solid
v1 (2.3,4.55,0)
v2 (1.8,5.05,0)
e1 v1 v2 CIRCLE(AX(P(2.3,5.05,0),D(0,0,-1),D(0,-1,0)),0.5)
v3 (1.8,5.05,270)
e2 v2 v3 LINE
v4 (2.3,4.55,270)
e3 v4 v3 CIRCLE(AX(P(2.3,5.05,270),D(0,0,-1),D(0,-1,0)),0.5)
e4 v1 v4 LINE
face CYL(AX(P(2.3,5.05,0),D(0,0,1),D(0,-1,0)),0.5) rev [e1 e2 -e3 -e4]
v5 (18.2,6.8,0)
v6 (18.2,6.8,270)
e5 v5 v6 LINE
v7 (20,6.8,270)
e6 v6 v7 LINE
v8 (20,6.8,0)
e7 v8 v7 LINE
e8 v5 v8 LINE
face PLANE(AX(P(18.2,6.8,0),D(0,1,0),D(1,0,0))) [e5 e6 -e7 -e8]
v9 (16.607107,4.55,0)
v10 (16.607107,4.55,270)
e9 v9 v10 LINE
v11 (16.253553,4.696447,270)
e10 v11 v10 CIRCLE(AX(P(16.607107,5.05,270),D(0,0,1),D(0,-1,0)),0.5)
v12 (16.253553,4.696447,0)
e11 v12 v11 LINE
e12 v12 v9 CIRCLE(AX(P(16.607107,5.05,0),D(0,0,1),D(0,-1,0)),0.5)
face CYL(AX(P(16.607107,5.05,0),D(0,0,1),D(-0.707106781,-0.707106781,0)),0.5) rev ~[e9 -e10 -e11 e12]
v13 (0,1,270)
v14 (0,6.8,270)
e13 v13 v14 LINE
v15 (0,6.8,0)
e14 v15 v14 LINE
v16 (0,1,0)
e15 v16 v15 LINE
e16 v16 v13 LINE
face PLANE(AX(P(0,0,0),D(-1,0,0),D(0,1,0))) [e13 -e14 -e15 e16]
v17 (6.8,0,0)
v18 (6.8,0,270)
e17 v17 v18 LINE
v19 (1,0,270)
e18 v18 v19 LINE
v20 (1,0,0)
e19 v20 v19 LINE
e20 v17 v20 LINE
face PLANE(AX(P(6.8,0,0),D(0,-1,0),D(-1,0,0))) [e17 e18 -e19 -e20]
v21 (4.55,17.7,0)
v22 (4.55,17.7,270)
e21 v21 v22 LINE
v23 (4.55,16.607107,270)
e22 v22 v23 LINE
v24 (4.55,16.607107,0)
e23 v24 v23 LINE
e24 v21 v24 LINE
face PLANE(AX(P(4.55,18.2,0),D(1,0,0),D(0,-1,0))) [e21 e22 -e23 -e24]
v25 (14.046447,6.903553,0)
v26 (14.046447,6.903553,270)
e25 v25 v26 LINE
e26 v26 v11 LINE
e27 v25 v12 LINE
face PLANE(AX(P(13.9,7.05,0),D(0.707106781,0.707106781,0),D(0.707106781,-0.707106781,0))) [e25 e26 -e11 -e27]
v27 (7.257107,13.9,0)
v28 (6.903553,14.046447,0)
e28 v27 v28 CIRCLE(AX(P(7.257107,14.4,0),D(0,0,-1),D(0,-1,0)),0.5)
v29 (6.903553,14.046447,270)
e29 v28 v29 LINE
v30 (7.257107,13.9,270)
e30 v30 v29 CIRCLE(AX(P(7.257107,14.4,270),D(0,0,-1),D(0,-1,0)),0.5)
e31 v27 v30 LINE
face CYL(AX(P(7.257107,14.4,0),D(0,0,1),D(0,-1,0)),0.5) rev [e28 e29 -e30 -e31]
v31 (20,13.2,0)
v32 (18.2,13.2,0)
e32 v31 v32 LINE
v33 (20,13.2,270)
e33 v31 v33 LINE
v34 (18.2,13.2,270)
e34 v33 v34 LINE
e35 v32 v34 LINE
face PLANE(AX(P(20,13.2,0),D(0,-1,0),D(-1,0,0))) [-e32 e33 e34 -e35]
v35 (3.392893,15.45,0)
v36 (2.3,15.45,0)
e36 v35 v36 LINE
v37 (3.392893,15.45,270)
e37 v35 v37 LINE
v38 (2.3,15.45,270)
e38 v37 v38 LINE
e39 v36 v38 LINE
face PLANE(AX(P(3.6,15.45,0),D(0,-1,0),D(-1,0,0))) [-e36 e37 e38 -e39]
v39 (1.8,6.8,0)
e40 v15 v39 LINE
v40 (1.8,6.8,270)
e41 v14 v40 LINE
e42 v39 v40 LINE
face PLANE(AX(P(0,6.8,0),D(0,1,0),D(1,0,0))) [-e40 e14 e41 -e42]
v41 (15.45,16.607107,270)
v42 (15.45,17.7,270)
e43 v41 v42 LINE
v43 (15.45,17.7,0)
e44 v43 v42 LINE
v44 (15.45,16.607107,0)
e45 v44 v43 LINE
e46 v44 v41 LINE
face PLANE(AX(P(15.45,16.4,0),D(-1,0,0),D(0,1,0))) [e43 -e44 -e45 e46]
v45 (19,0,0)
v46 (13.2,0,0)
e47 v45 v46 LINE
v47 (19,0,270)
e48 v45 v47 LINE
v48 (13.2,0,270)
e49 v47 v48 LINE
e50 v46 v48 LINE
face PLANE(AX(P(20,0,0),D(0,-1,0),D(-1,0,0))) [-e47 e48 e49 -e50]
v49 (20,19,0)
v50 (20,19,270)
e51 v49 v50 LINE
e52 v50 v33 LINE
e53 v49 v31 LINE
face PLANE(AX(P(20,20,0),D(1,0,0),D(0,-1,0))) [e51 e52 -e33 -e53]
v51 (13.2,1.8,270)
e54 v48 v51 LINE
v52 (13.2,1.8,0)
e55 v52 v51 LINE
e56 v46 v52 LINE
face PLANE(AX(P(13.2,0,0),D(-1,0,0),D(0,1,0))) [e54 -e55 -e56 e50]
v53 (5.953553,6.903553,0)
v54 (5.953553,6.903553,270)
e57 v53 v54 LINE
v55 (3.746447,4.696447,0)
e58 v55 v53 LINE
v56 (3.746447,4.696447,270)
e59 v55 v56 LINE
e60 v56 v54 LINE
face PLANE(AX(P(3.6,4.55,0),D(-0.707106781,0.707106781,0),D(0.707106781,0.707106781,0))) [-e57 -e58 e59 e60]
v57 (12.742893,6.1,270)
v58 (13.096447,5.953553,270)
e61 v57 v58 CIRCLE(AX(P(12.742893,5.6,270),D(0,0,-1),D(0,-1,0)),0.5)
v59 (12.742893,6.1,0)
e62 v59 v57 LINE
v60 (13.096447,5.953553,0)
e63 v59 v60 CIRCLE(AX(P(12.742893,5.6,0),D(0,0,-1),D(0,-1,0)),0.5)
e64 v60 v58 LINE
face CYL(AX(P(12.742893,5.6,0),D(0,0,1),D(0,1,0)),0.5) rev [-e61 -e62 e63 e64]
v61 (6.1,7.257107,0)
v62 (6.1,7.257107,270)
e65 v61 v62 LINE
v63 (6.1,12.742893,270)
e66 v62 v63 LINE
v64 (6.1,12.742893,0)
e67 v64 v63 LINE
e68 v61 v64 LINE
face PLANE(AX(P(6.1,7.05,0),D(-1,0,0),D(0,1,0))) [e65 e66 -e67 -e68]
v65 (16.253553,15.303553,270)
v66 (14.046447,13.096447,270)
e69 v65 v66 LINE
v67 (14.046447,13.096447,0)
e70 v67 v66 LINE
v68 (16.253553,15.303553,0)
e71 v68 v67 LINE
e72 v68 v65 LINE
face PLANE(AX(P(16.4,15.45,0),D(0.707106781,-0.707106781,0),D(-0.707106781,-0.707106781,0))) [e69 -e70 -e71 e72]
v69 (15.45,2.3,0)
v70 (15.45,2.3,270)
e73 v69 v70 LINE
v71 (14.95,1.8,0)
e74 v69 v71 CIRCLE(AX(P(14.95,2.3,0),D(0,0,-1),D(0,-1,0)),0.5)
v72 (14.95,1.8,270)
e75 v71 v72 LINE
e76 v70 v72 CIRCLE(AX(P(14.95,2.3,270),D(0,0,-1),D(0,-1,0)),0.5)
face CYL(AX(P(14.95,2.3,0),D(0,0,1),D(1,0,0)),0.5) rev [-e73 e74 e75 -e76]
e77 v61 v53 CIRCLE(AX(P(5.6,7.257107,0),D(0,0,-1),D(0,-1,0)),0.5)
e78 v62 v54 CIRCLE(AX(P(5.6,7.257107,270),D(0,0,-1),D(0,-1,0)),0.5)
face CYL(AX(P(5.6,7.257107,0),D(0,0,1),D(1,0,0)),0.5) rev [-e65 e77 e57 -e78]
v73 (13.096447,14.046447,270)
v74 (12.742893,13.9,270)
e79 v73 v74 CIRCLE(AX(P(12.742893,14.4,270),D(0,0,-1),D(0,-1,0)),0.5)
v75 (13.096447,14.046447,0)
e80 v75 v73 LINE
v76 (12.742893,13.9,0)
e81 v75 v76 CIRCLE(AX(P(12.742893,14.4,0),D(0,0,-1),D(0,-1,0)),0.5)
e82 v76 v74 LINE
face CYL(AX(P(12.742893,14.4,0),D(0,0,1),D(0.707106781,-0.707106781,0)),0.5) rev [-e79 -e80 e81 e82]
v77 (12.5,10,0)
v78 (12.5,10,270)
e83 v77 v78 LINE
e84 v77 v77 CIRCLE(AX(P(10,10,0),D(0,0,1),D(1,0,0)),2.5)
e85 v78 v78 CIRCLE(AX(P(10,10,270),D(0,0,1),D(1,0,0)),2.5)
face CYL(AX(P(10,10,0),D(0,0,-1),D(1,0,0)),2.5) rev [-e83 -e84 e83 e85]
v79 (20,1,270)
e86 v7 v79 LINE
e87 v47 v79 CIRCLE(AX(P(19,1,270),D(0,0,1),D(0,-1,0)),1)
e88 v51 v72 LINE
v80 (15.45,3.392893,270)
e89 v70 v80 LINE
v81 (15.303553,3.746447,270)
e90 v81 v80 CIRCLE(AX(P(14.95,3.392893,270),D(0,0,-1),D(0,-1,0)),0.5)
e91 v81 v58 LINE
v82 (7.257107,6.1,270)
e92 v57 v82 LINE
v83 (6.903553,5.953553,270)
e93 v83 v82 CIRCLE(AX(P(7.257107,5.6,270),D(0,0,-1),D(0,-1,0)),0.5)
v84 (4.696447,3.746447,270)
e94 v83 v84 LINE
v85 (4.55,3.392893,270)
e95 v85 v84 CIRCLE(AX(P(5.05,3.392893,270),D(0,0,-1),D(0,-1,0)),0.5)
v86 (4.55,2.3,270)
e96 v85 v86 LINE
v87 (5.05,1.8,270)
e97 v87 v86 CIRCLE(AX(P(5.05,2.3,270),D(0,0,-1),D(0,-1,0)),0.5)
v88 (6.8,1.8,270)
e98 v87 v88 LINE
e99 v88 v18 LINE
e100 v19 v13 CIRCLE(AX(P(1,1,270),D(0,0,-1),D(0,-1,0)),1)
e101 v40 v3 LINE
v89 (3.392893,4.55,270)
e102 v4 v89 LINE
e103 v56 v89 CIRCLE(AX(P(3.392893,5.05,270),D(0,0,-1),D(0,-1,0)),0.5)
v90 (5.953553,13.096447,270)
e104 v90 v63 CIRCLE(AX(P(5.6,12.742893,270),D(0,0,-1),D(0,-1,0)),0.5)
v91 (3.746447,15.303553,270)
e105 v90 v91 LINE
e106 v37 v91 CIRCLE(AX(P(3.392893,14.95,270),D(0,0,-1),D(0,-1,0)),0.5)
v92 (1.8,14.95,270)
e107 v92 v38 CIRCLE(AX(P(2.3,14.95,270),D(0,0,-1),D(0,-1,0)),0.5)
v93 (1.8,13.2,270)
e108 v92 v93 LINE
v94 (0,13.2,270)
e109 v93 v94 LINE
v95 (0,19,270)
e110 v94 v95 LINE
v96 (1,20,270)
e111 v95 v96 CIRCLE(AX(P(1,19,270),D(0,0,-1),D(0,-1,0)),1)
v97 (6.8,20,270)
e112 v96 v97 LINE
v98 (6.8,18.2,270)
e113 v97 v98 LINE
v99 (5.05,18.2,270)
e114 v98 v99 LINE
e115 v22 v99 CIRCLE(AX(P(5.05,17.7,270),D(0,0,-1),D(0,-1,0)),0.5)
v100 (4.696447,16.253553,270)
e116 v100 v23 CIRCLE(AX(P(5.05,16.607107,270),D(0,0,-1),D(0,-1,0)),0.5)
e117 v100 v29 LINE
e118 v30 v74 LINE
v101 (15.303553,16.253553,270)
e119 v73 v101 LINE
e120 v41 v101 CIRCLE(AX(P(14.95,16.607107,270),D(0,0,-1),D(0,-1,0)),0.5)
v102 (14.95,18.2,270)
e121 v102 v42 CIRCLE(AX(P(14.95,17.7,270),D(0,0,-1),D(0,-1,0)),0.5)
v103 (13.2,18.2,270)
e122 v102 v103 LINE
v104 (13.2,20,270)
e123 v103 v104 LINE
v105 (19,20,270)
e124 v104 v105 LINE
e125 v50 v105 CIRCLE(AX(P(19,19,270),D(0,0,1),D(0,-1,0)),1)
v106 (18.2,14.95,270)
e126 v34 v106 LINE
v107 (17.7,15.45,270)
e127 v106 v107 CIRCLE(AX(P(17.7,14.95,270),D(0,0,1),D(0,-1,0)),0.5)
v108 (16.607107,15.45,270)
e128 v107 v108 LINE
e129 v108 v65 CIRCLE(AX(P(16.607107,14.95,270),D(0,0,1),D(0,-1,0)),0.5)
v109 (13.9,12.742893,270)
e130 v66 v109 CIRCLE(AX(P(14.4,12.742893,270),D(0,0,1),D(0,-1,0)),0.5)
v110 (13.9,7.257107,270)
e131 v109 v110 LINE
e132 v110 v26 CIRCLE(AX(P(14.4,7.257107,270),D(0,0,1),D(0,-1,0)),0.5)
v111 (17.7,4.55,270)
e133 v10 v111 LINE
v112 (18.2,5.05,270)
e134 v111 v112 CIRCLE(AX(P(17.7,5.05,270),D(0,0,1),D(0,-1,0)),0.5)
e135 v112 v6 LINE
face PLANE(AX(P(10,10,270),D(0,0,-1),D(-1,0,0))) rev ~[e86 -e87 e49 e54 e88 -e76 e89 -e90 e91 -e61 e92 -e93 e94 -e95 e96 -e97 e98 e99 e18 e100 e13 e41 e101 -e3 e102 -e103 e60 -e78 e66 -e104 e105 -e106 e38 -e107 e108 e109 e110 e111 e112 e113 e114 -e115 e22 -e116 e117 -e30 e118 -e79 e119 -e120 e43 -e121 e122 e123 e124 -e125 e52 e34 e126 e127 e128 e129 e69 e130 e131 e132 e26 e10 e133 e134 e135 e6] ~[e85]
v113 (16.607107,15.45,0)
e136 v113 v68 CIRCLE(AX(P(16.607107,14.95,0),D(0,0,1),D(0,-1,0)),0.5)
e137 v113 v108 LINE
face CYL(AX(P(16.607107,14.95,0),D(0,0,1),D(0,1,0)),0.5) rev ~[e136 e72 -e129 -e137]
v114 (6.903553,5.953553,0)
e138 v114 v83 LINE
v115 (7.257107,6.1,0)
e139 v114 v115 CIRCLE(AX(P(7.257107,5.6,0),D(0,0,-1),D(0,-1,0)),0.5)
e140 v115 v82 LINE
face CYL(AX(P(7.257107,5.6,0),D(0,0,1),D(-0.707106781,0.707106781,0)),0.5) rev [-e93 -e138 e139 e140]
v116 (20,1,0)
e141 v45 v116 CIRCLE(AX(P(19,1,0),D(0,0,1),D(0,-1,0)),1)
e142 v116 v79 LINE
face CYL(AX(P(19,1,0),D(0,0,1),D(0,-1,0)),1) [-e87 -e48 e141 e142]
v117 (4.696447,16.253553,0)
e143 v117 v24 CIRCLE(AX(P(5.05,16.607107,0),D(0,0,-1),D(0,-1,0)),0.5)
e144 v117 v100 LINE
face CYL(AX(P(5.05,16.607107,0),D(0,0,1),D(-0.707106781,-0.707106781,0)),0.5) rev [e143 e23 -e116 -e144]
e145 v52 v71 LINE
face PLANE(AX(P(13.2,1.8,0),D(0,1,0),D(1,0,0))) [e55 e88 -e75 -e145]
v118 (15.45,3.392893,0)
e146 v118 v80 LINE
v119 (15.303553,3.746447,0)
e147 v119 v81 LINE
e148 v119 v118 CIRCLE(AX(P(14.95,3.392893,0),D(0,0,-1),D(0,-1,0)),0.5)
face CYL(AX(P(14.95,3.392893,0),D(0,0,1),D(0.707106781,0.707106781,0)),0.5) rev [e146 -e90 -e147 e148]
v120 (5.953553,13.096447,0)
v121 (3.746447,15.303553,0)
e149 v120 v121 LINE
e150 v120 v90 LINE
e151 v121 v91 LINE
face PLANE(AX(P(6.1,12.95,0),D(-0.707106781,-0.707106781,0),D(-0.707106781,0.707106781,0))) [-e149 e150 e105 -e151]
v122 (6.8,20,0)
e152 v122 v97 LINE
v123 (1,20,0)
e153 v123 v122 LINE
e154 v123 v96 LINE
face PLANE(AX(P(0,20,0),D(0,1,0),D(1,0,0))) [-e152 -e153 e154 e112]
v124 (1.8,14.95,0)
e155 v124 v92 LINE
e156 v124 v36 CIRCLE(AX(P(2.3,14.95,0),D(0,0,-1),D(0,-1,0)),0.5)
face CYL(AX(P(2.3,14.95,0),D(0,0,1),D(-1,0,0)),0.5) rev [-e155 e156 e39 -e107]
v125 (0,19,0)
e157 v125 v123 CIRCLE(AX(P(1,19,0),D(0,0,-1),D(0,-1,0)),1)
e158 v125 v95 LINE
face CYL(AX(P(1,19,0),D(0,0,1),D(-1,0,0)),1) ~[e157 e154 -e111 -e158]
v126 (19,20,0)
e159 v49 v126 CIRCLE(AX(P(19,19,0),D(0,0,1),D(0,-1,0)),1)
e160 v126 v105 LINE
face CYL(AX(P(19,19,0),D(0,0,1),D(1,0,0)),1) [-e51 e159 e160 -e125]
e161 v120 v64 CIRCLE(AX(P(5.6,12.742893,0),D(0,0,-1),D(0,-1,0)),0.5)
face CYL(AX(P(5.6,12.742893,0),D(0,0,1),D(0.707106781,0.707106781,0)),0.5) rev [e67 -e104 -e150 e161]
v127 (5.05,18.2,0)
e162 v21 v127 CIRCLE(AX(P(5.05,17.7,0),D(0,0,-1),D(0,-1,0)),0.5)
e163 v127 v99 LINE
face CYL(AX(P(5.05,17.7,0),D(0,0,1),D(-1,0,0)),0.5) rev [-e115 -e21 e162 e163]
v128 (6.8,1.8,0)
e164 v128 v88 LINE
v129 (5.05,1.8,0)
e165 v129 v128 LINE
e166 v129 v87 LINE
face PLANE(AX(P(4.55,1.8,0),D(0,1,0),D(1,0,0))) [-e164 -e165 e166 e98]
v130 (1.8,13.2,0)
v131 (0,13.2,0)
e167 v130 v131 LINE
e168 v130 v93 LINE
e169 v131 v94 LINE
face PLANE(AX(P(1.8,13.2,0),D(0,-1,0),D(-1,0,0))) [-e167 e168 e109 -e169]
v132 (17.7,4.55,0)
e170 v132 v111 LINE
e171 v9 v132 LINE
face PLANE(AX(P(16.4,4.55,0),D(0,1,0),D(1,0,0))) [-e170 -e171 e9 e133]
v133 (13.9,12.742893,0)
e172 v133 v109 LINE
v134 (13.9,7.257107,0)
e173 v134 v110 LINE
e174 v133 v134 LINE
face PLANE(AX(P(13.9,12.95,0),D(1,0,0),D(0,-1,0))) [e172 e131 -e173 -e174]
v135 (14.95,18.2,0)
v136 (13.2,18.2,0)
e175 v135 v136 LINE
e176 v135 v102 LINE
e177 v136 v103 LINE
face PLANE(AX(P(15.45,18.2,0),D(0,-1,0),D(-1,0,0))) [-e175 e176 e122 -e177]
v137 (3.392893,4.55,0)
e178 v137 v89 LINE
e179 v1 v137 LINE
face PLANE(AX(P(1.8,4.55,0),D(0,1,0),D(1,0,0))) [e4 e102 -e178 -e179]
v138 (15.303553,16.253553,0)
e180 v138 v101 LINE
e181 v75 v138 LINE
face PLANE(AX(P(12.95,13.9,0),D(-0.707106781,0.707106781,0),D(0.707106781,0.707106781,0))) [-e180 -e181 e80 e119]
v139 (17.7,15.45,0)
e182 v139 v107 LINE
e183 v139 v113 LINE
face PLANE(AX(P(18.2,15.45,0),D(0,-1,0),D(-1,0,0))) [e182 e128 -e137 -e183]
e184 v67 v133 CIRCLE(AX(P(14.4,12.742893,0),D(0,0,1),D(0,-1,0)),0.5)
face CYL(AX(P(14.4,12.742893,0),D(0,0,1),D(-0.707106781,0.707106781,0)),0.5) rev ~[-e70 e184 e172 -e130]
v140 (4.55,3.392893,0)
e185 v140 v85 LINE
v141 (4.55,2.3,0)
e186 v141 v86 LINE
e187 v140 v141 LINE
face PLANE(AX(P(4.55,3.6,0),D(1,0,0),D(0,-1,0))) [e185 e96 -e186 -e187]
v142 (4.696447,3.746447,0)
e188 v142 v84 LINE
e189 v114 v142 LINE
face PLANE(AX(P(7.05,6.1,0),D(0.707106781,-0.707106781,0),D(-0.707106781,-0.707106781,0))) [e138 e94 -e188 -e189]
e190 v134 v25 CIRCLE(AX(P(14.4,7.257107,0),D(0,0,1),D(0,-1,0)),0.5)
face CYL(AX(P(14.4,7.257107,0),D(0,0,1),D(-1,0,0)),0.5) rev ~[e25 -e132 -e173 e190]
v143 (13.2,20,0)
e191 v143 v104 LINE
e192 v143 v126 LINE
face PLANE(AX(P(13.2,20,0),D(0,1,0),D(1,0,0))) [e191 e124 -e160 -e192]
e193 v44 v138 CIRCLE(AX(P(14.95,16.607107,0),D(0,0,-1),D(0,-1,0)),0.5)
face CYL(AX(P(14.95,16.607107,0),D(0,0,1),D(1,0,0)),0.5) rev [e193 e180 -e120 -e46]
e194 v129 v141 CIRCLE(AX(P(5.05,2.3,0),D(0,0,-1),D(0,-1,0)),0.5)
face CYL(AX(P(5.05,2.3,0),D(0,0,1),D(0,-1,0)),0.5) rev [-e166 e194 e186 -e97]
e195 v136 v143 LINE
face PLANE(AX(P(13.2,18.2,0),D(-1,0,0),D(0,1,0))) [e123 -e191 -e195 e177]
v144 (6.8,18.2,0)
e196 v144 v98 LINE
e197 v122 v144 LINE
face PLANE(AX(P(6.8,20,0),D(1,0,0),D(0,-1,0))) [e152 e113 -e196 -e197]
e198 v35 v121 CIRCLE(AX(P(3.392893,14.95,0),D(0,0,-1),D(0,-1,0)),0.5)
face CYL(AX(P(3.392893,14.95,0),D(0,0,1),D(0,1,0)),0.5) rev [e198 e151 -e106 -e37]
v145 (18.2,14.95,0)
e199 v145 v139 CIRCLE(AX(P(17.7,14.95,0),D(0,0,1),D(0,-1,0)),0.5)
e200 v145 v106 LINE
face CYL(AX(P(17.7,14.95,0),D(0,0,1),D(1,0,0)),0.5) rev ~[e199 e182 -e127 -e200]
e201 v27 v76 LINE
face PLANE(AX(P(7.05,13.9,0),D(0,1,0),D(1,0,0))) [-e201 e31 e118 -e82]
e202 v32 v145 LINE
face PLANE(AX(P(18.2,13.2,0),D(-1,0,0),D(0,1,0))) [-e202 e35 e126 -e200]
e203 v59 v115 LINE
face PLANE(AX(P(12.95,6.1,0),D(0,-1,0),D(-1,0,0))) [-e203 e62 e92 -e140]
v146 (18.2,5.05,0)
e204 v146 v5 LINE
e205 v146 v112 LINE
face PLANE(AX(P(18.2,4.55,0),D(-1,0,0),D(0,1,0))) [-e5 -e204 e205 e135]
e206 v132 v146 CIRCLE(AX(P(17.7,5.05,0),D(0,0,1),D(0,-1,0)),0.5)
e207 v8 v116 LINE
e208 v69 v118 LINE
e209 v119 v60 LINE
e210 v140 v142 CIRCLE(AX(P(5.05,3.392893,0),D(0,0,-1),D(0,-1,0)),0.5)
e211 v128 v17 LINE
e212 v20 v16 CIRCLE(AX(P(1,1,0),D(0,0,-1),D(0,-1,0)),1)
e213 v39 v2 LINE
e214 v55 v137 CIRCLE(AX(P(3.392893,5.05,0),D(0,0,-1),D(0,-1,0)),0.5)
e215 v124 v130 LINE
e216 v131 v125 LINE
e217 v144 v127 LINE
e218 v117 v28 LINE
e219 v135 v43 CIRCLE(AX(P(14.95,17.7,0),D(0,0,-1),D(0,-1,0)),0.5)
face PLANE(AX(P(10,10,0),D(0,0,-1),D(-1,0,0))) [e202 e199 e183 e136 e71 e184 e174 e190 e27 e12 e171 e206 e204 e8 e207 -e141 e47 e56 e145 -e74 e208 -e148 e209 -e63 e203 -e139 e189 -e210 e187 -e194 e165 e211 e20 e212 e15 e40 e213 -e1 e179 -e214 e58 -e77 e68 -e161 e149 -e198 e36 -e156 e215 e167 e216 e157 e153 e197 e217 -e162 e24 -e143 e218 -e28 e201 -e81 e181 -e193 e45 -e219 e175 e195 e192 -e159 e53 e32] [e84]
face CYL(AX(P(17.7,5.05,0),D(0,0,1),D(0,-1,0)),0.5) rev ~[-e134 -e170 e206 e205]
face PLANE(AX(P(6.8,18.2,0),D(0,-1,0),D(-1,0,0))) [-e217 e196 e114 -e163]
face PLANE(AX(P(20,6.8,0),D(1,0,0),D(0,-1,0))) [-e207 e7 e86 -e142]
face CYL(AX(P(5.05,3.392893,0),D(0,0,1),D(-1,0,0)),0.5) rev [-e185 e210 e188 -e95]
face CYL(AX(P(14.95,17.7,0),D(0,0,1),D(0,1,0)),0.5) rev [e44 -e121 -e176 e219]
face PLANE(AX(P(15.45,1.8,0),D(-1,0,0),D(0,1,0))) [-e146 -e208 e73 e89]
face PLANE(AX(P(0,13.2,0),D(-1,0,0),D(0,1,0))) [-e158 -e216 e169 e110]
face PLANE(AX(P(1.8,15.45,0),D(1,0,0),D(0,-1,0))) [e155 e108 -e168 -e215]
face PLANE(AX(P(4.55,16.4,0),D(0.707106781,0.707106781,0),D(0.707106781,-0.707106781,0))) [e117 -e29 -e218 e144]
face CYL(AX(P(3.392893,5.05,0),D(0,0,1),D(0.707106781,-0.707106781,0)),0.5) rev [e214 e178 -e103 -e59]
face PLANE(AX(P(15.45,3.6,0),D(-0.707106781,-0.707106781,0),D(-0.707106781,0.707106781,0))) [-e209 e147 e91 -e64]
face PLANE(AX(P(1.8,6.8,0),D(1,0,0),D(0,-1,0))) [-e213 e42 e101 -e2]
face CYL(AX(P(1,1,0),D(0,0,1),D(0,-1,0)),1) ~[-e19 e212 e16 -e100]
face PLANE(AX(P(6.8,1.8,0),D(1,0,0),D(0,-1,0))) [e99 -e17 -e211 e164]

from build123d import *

# Parameters (mm, degrees)
SKETCH1_R           = 2.5
BOSS_EXTRUDE1_DEPTH = 270
FILLET1_R           = 1
FILLET2_R           = 0.5
FILLET3_R           = 0.5
FILLET4_R           = 0.5
FILLET5_R           = 0.5


with BuildPart() as part:
    # Sketch1 → Boss-Extrude1 (new body)
    with BuildSketch(Plane.XY):
        Polygon((13.2, 0), (13.2, 1.8), (15.45, 1.8), (15.45, 3.6), (12.95, 6.1), (7.05, 6.1), (4.55, 3.6), (4.55, 1.8), (6.8, 1.8), (6.8, 0), (0, 0), (0, 6.8), (1.8, 6.8), (1.8, 4.55), (3.6, 4.55), (6.1, 7.05), (6.1, 12.95), (3.6, 15.45), (1.8, 15.45), (1.8, 13.2), (0, 13.2), (0, 20), (6.8, 20), (6.8, 18.2), (4.55, 18.2), (4.55, 16.4), (7.05, 13.9), (12.95, 13.9), (15.45, 16.4), (15.45, 18.2), (13.2, 18.2), (13.2, 20), (20, 20), (20, 13.2), (18.2, 13.2), (18.2, 15.45), (16.4, 15.45), (13.9, 12.95), (13.9, 7.05), (16.4, 4.55), (18.2, 4.55), (18.2, 6.8), (20, 6.8), (20, 0), align=None)
        with Locations((10, 10)):
            Circle(SKETCH1_R, mode=Mode.SUBTRACT)
    extrude(amount=BOSS_EXTRUDE1_DEPTH)

    # Fillet1
    fillet1_edges = [part.edges().sort_by_distance(p)[0] for p in [
        (0, 0, 135),
        (0, 20, 135),
        (20, 20, 135),
        (20, 0, 135),
    ]]
    fillet(fillet1_edges, radius=FILLET1_R)

    # Fillet2
    fillet2_edges = [part.edges().sort_by_distance(p)[0] for p in [
        (4.55, 18.2, 135),
        (4.55, 16.4, 135),
        (7.05, 13.9, 135),
        (12.95, 13.9, 135),
        (15.45, 16.4, 135),
        (15.45, 18.2, 135),
    ]]
    fillet(fillet2_edges, radius=FILLET2_R)

    # Fillet3
    fillet3_edges = [part.edges().sort_by_distance(p)[0] for p in [
        (18.2, 15.45, 135),
        (16.4, 15.45, 135),
        (13.9, 12.95, 135),
        (13.9, 7.05, 135),
        (16.4, 4.55, 135),
        (18.2, 4.55, 135),
    ]]
    fillet(fillet3_edges, radius=FILLET3_R)

    # Fillet4
    fillet4_edges = [part.edges().sort_by_distance(p)[0] for p in [
        (1.8, 4.55, 135),
        (3.6, 4.55, 135),
        (6.1, 7.05, 135),
        (6.1, 12.95, 135),
        (3.6, 15.45, 135),
        (1.8, 15.45, 135),
    ]]
    fillet(fillet4_edges, radius=FILLET4_R)

    # Fillet5
    fillet5_edges = [part.edges().sort_by_distance(p)[0] for p in [
        (15.45, 1.8, 135),
        (15.45, 3.6, 135),
        (12.95, 6.1, 135),
        (7.05, 6.1, 135),
        (4.55, 3.6, 135),
        (4.55, 1.8, 135),
    ]]
    fillet(fillet5_edges, radius=FILLET5_R)


solid = part.part
